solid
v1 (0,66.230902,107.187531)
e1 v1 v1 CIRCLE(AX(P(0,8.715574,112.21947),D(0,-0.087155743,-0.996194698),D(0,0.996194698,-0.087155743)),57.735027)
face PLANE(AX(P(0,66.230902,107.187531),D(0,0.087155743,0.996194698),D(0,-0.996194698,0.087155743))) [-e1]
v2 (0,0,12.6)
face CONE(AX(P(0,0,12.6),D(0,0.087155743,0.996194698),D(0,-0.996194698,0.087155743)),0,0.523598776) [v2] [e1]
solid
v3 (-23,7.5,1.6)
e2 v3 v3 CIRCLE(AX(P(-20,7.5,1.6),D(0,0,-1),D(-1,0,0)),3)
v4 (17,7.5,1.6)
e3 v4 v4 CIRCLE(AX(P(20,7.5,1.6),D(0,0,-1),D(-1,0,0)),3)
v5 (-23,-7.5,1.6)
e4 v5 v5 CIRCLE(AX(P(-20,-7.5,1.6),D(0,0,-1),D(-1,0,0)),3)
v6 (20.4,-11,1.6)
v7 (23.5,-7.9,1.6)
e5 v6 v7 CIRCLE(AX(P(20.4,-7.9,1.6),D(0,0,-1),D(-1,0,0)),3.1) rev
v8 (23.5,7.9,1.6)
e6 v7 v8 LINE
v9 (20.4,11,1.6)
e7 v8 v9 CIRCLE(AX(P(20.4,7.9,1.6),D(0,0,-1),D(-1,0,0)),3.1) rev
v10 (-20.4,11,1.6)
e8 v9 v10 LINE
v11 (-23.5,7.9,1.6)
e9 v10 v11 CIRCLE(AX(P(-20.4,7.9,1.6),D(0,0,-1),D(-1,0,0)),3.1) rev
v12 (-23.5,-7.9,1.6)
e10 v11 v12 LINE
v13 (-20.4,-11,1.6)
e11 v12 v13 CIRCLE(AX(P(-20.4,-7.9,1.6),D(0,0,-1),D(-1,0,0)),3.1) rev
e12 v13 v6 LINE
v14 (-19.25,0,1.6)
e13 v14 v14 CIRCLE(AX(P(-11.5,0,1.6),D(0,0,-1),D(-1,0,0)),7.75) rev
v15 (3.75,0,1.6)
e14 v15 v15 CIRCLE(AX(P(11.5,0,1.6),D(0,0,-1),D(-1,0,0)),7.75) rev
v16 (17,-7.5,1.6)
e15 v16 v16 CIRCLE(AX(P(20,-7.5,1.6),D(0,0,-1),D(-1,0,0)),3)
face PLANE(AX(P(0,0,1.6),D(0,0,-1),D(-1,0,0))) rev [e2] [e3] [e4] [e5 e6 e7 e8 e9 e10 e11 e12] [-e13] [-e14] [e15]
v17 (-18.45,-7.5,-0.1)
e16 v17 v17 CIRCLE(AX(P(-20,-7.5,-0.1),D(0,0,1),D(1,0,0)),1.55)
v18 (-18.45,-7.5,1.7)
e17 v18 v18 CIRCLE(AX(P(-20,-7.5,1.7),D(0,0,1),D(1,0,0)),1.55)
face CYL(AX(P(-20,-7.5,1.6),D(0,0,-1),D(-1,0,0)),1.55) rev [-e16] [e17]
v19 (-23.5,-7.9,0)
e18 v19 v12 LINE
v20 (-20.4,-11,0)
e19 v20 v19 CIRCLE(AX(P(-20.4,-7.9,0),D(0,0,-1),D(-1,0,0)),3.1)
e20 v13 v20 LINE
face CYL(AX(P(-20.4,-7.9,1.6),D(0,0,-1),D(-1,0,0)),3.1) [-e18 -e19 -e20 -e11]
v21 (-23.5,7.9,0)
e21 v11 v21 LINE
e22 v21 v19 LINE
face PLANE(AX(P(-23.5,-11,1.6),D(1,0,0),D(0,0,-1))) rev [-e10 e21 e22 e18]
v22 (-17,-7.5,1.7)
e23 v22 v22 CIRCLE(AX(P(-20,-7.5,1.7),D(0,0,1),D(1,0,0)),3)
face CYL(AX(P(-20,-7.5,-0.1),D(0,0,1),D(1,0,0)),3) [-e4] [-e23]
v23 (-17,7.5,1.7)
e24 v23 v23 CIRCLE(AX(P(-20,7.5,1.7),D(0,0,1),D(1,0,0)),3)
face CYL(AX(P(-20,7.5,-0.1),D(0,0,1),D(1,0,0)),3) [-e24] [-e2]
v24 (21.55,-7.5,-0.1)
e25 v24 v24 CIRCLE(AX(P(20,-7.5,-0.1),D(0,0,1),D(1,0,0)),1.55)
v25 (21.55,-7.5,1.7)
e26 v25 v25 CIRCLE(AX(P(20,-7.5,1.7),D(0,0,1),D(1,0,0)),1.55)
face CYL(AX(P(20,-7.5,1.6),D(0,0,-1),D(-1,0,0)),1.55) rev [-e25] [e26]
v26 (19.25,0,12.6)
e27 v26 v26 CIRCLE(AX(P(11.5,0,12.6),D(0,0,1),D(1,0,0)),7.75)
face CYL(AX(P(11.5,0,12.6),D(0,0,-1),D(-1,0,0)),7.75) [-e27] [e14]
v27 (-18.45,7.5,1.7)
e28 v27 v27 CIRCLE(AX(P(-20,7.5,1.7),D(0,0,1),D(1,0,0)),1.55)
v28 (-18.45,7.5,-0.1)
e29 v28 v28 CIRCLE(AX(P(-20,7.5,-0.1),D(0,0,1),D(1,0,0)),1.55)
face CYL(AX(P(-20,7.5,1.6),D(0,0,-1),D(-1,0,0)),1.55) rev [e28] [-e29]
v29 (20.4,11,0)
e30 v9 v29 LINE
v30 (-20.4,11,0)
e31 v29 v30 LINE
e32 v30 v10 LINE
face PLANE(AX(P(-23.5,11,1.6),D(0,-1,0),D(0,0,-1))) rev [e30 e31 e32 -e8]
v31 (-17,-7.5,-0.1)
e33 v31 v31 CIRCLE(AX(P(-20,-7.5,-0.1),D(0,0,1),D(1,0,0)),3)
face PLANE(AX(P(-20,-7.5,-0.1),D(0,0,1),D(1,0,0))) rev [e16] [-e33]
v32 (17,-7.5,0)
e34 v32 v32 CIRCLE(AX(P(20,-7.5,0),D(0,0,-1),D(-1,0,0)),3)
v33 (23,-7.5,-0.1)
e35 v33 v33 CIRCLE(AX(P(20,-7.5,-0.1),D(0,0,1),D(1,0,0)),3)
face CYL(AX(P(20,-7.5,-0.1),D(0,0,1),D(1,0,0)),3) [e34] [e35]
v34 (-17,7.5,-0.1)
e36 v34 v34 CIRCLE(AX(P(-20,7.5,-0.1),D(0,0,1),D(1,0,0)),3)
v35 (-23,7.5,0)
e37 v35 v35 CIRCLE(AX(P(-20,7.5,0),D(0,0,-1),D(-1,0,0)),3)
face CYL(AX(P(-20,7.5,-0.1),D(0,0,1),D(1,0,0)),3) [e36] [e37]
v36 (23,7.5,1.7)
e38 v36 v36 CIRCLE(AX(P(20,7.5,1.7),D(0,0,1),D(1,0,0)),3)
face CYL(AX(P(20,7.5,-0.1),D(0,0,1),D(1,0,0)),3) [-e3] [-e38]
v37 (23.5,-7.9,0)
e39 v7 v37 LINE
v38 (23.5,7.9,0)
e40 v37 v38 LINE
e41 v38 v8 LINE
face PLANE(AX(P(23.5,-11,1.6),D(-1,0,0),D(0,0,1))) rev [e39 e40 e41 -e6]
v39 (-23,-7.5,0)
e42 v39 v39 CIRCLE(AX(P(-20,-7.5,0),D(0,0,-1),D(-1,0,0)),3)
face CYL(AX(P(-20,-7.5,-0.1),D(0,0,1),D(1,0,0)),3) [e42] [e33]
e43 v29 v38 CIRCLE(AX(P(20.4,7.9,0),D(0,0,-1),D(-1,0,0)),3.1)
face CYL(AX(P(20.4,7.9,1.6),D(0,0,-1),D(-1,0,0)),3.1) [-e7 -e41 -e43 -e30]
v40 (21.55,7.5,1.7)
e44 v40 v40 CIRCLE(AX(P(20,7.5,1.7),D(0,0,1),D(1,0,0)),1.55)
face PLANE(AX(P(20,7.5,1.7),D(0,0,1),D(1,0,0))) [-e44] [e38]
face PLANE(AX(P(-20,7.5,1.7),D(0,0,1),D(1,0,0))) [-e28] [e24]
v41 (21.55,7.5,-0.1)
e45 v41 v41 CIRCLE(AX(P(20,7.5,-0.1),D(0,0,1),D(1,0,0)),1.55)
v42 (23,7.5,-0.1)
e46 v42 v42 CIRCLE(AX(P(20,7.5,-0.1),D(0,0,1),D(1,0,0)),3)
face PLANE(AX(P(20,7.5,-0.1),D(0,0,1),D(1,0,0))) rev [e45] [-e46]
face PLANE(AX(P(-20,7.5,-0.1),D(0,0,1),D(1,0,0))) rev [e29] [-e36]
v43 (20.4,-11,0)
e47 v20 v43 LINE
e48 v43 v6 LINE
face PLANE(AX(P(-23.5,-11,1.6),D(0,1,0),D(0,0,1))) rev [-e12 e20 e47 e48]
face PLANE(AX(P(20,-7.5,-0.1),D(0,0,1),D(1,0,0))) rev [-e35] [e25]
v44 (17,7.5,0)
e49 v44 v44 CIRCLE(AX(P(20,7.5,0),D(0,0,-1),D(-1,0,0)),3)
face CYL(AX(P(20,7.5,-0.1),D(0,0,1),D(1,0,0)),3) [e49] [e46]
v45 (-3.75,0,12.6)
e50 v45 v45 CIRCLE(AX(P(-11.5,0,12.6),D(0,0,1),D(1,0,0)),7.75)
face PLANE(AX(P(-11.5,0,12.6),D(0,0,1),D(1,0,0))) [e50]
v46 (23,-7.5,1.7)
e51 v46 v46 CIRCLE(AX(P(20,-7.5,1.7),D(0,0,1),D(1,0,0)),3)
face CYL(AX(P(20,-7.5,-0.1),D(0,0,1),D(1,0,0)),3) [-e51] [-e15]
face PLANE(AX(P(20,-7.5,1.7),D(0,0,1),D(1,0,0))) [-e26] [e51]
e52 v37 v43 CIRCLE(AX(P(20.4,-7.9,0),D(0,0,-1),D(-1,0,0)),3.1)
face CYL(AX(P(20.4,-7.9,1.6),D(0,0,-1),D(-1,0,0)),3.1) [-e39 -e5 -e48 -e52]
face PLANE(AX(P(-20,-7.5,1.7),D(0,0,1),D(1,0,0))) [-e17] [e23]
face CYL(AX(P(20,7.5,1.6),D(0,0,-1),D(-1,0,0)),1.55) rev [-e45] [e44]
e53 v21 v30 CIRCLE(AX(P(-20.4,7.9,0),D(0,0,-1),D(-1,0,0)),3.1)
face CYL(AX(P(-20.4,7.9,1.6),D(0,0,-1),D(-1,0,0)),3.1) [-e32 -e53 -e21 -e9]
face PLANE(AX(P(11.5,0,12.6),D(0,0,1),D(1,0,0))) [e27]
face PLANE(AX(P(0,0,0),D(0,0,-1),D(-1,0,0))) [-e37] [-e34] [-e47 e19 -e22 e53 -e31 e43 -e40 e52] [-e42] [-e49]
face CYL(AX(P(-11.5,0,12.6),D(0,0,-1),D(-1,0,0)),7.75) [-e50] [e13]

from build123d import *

# Parameters (mm, degrees)
SKETCH1_W                = 47
SKETCH1_H                = 22
SKETCH1_R                = 1.55
BOSS_EXTRUDE1_DEPTH      = 1.6
FILLET1_R                = 3.1
BOSS_EXTRUDE4_DEPTH      = 0.1
BOSS_EXTRUDE4_DEPTH_BACK = 1.7
SKETCH2_R                = 3
SKETCH2_R_2              = 1.55
SKETCH3_R                = 7.75
BOSS_EXTRUDE8_DEPTH      = 11


with BuildPart() as part:
    # Sketch1 → Boss-Extrude1 (new body)
    with BuildSketch(Plane.XY):
        Rectangle(SKETCH1_W, SKETCH1_H)
        with Locations((-20, 7.5)):
            Circle(SKETCH1_R, mode=Mode.SUBTRACT)
        with Locations((20, 7.5)):
            Circle(SKETCH1_R, mode=Mode.SUBTRACT)
        with Locations((20, -7.5)):
            Circle(SKETCH1_R, mode=Mode.SUBTRACT)
        with Locations((-20, -7.5)):
            Circle(SKETCH1_R, mode=Mode.SUBTRACT)
    extrude(amount=BOSS_EXTRUDE1_DEPTH)

    # Fillet1
    fillet1_edges = [part.edges().sort_by_distance(p)[0] for p in [
        (23.5, -11, 0.8),
        (-23.5, -11, 0.8),
        (-23.5, 11, 0.8),
        (23.5, 11, 0.8),
    ]]
    fillet(fillet1_edges, radius=FILLET1_R)

    # Sketch2 → Boss-Extrude4 (add, two sides: drawn at the far end of the back side and taken through both)
    # profile 1 of 4: a face of its own
    with BuildSketch(Plane.XY.offset(1.6).offset(-BOSS_EXTRUDE4_DEPTH_BACK)):
        with Locations((-20, 7.5)):
            Circle(SKETCH2_R)
        with Locations((-20, 7.5)):
            Circle(SKETCH2_R_2, mode=Mode.SUBTRACT)
    # profile 2 of 4: a face of its own
    with BuildSketch(Plane.XY.offset(1.6).offset(-BOSS_EXTRUDE4_DEPTH_BACK)):
        with Locations((-20, -7.5)):
            Circle(SKETCH2_R)
        with Locations((-20, -7.5)):
            Circle(SKETCH2_R_2, mode=Mode.SUBTRACT)
    # profile 3 of 4: a face of its own
    with BuildSketch(Plane.XY.offset(1.6).offset(-BOSS_EXTRUDE4_DEPTH_BACK)):
        with Locations((20, 7.5)):
            Circle(SKETCH2_R)
        with Locations((20, 7.5)):
            Circle(SKETCH2_R_2, mode=Mode.SUBTRACT)
    # profile 4 of 4: a face of its own
    with BuildSketch(Plane.XY.offset(1.6).offset(-BOSS_EXTRUDE4_DEPTH_BACK)):
        with Locations((20, -7.5)):
            Circle(SKETCH2_R)
        with Locations((20, -7.5)):
            Circle(SKETCH2_R_2, mode=Mode.SUBTRACT)
    extrude(amount=BOSS_EXTRUDE4_DEPTH + BOSS_EXTRUDE4_DEPTH_BACK)

    # Sketch3 → Boss-Extrude8 (add)
    with BuildSketch(Plane.XY.offset(1.6)):
        with Locations(Location((11.5, 0, 0), (0, 0, 180))):
            Circle(SKETCH3_R)
        with Locations(Location((-11.5, 0, 0), (0, 0, 180))):
            Circle(SKETCH3_R)
    extrude(amount=BOSS_EXTRUDE8_DEPTH)


with BuildPart() as body_2:
    # Sketch7 → Revolve1 (revolve)
    with BuildSketch(Plane(origin=(0, 0, 0), x_dir=(0, 0, -1), z_dir=(1, 0, 0)), mode=Mode.PRIVATE) as revolve1_sk:
        Polygon((-12.6, 0), (-107.187530655, 66.230901986), (-112.219469809, 8.715574275), align=None)
    revolve(revolve1_sk.sketch.rotate(Axis((0, 0, 12.6), (0, 0.08715574274765142, 0.9961946980917461)), 180), axis=Axis((0, 0, 12.6), (0, 0.08715574274765142, 0.9961946980917461)))


solid = Compound([part.part, body_2.part])
